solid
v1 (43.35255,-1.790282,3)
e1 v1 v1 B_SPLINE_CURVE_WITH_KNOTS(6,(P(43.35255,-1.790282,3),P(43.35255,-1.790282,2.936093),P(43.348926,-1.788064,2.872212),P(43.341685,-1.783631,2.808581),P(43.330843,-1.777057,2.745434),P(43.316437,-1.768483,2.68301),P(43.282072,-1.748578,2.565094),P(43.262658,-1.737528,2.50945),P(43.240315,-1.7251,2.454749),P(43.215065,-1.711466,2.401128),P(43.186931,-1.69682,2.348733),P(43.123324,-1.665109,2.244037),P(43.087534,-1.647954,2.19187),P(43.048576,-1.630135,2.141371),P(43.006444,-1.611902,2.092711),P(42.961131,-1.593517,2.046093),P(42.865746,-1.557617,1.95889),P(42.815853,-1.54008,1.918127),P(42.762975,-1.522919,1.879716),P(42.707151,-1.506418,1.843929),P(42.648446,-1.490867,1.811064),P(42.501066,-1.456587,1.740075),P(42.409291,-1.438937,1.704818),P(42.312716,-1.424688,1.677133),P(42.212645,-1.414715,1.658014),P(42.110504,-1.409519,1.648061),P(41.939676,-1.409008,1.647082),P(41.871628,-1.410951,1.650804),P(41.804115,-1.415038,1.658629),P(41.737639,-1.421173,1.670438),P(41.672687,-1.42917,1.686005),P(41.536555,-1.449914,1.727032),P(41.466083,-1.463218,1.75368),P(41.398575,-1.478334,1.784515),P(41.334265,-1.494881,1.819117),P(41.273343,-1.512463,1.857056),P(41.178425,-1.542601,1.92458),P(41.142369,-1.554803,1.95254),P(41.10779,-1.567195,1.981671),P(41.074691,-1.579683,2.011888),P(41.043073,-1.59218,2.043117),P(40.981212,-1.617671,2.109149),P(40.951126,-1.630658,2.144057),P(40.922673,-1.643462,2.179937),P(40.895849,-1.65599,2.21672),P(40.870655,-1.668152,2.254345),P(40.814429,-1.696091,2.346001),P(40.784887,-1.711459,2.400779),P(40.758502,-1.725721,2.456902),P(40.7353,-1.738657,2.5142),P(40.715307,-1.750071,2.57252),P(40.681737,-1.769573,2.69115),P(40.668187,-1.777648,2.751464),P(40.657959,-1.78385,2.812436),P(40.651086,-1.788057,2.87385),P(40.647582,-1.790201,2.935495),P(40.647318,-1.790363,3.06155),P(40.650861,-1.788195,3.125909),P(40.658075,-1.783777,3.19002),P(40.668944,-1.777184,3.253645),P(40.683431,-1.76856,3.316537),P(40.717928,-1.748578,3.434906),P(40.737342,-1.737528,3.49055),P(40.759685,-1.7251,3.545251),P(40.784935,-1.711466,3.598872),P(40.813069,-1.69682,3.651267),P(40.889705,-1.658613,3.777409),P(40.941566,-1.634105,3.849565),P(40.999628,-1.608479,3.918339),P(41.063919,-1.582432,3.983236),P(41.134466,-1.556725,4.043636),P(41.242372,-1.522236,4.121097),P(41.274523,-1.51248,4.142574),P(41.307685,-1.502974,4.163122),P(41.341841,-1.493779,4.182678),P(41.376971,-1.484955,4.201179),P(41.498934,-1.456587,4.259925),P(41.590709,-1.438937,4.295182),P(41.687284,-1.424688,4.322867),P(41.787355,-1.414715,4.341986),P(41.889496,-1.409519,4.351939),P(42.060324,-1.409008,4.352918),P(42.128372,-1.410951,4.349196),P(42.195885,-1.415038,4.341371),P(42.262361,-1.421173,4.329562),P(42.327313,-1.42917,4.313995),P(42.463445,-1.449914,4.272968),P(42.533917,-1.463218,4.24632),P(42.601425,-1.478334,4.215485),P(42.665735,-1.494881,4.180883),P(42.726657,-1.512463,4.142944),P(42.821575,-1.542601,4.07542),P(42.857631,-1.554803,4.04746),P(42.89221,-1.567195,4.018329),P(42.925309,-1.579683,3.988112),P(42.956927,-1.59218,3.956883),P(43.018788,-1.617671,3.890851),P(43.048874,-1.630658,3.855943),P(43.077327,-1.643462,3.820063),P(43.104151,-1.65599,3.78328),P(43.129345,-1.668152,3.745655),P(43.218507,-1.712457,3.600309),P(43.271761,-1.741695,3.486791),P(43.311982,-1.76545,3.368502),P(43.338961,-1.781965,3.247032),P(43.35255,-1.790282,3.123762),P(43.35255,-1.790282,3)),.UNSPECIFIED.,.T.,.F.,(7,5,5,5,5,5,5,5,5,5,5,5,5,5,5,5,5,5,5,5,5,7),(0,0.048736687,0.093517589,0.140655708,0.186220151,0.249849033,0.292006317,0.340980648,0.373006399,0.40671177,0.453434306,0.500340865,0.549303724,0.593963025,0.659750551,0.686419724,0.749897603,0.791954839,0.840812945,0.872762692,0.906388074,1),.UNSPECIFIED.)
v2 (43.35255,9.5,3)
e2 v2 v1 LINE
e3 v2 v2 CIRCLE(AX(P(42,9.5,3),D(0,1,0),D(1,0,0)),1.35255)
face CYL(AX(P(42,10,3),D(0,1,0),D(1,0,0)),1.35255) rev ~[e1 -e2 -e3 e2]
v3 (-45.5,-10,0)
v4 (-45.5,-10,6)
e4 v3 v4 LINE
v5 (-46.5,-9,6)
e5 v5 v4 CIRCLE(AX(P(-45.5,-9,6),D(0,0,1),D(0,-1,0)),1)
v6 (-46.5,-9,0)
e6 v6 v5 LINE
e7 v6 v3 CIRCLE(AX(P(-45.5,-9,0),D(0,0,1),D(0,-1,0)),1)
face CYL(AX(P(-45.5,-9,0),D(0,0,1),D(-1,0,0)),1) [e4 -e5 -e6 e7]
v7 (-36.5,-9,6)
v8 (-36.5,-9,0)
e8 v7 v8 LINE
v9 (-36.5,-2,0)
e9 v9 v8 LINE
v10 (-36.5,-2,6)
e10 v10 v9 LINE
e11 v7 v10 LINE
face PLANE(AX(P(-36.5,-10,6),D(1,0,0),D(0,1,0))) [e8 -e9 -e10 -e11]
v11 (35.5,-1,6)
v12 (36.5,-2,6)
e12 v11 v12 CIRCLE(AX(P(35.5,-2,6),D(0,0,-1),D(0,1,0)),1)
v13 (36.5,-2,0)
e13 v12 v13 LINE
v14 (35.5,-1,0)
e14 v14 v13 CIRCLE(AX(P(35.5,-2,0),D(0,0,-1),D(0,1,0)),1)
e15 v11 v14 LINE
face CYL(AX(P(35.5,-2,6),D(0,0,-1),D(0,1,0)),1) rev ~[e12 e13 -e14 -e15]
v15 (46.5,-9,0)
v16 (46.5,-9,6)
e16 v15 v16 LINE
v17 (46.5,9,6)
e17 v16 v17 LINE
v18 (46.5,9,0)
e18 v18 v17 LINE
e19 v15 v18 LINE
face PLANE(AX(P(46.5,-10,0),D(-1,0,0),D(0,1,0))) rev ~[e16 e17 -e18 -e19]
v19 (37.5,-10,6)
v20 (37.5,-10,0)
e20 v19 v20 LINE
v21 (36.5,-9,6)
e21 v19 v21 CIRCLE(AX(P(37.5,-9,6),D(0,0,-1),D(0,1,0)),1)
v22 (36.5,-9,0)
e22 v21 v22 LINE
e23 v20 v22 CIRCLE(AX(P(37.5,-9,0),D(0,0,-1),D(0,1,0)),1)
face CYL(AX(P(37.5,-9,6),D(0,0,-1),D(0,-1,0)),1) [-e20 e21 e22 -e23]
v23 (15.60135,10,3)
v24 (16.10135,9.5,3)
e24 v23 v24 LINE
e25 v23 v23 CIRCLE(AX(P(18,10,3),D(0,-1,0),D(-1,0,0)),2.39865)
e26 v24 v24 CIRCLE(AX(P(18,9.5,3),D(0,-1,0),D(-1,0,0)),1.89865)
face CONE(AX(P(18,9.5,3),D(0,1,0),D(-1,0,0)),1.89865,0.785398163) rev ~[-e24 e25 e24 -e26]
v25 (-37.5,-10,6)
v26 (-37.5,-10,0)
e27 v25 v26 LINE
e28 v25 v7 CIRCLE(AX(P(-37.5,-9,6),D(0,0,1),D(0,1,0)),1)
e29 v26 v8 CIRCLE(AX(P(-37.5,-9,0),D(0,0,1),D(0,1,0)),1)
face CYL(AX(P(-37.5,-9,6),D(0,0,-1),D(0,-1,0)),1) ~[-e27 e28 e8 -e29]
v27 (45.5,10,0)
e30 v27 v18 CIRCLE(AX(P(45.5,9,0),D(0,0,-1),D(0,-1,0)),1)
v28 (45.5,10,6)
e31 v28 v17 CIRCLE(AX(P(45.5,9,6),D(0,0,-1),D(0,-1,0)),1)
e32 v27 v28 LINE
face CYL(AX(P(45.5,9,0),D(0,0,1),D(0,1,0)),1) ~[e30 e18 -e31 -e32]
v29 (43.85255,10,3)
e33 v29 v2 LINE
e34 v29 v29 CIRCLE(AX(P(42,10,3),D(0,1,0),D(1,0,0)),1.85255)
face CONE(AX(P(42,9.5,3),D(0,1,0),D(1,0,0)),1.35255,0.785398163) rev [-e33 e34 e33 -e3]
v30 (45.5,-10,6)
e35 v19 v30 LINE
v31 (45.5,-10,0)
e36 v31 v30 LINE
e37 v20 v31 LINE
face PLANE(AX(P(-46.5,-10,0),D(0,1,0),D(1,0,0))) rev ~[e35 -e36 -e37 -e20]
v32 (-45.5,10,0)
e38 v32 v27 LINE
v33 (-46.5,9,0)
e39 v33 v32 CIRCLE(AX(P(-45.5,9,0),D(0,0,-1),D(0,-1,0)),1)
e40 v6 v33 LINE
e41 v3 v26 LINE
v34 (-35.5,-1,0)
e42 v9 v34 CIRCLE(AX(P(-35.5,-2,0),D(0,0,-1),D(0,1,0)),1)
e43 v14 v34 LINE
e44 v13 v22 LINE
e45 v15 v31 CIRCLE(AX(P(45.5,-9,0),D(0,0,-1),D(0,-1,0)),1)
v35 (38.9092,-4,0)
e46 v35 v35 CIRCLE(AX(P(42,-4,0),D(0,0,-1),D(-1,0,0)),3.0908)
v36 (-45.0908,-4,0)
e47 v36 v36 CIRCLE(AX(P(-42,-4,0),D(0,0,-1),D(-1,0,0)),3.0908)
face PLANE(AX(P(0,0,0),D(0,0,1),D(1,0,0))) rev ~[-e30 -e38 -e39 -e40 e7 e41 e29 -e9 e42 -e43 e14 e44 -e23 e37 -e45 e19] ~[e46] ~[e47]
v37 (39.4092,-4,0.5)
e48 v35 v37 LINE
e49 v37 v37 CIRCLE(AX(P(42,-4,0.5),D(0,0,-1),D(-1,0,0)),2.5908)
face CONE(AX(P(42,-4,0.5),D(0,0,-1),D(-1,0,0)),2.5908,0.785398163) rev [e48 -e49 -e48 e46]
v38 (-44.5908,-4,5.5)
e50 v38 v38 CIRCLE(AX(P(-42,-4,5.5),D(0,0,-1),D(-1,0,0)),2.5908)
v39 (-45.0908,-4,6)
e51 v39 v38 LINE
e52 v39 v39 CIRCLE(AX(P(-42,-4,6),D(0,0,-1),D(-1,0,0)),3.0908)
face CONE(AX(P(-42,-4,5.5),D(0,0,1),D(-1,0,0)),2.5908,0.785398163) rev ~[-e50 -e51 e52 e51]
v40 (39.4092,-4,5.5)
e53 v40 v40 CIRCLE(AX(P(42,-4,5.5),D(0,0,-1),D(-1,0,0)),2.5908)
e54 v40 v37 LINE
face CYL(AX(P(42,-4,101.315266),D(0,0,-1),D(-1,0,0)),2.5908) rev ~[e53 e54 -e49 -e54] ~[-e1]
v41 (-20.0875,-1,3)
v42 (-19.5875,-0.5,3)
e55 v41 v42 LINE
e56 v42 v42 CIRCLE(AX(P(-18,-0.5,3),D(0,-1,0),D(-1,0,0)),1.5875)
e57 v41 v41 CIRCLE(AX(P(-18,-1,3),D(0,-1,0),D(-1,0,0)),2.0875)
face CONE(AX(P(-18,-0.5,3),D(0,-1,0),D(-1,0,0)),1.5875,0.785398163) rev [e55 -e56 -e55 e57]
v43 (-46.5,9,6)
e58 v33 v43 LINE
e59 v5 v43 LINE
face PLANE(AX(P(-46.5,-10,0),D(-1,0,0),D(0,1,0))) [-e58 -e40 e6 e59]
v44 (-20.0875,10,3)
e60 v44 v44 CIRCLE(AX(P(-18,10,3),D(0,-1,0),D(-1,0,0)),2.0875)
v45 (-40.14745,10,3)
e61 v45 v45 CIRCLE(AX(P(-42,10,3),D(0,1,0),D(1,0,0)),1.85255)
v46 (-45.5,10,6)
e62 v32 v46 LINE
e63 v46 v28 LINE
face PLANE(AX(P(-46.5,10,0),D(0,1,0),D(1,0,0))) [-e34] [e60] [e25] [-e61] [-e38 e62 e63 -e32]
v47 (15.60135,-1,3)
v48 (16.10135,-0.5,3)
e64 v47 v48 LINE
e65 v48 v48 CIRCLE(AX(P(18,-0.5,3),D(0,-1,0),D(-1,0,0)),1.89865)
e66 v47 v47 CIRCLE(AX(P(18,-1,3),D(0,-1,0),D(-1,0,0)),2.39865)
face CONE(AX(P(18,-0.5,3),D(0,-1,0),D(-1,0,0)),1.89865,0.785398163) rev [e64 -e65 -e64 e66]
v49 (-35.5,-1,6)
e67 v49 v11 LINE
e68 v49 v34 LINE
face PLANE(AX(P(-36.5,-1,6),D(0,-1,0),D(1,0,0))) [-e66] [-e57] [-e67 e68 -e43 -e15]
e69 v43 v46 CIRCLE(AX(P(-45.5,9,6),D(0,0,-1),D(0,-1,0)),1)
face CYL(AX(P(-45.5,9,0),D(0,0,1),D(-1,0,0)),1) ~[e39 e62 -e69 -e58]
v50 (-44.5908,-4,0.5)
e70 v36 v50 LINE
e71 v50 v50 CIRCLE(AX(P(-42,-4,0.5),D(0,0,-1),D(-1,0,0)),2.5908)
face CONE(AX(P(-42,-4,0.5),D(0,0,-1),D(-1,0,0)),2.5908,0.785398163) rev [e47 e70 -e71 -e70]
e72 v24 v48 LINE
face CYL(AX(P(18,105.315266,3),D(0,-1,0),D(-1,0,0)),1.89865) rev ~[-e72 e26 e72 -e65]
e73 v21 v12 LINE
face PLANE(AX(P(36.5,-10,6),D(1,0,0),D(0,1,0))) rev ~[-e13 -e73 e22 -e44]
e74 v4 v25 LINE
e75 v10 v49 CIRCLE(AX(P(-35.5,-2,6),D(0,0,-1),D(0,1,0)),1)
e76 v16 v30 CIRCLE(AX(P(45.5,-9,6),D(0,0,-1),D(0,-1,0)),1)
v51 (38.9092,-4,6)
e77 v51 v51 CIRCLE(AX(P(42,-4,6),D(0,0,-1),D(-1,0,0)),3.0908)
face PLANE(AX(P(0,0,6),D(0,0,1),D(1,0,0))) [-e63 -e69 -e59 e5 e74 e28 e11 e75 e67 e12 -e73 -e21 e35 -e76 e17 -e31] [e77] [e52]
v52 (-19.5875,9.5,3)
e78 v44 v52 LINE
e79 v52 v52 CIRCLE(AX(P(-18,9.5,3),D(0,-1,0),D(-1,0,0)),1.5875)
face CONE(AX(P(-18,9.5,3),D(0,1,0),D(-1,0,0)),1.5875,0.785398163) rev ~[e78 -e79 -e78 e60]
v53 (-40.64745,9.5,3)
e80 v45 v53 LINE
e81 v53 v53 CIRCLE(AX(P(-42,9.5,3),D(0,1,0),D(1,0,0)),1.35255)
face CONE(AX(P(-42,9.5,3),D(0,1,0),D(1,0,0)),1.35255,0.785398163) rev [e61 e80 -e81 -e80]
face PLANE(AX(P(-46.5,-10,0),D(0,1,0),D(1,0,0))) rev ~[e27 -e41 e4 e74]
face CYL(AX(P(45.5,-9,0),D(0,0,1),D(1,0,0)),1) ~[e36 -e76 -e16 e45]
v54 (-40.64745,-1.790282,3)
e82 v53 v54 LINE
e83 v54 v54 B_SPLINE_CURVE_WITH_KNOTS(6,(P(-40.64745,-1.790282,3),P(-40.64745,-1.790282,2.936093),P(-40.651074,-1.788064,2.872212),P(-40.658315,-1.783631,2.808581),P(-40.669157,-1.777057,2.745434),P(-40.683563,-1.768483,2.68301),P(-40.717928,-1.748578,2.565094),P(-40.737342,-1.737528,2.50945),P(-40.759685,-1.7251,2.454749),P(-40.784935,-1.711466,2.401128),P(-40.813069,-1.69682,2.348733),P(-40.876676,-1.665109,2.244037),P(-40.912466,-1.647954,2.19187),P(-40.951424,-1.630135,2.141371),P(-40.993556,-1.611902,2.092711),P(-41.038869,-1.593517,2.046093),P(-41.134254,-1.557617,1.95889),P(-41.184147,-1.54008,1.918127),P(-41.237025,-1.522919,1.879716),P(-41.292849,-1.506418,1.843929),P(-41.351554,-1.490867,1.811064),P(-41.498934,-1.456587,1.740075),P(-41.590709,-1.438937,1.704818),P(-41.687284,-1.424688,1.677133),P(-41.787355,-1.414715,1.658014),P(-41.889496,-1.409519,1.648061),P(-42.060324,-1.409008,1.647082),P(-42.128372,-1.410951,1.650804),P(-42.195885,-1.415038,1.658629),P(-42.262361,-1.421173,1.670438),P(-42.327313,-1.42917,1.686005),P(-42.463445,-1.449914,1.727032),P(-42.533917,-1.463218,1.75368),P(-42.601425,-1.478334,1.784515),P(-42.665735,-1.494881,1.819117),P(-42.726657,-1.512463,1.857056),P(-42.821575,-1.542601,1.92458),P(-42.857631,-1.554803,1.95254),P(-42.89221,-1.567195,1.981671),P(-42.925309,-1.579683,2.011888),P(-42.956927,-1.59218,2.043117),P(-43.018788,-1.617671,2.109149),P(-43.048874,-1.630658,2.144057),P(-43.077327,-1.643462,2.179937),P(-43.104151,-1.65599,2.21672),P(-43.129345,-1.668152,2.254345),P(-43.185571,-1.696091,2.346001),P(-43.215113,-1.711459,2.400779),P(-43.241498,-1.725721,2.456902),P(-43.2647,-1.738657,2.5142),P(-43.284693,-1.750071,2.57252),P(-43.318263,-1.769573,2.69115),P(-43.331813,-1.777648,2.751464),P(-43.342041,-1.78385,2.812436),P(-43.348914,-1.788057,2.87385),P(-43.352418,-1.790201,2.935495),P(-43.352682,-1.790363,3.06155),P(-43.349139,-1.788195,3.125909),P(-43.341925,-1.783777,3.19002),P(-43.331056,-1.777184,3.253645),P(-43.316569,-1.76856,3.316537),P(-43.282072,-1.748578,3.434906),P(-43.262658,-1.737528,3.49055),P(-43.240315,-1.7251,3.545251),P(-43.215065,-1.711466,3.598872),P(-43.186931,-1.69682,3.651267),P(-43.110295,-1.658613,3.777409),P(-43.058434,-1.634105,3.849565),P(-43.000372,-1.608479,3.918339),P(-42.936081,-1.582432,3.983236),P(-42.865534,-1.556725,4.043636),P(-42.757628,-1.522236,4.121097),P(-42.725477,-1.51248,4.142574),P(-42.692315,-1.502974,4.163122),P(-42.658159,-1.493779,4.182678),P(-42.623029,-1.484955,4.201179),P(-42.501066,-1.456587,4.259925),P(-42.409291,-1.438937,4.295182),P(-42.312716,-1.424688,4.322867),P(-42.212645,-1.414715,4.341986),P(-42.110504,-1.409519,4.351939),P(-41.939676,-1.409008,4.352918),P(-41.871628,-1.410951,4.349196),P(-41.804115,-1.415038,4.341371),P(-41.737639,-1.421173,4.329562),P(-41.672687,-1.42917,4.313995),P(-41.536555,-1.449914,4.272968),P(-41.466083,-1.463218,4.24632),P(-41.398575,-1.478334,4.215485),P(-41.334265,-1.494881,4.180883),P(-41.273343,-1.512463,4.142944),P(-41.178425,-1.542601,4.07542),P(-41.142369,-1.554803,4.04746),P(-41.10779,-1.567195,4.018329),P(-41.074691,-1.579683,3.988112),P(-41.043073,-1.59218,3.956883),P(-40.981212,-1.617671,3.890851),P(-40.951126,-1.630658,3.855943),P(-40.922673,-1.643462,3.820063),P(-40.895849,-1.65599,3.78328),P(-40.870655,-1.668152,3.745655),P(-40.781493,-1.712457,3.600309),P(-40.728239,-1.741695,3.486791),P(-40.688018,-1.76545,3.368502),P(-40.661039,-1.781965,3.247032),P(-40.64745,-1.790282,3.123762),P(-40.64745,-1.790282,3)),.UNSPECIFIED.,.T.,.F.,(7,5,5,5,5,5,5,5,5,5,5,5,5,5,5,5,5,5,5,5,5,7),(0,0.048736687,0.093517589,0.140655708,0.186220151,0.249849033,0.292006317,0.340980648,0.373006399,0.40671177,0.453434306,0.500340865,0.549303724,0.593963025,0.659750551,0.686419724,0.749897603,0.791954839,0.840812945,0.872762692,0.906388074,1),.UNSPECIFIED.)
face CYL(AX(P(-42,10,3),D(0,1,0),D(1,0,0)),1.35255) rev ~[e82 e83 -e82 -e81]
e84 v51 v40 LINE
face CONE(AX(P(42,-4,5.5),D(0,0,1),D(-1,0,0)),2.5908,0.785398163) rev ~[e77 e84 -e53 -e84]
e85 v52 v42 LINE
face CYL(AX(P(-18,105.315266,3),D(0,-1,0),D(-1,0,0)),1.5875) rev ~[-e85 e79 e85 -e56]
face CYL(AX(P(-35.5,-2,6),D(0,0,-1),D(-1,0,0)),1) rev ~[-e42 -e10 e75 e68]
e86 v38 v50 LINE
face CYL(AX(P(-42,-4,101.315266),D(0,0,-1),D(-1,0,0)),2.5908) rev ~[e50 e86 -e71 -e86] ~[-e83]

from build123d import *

# Parameters (mm, degrees)
SKETCH1_W                    = 93
SKETCH1_H                    = 20
BOSS_EXTRUDE1_DEPTH          = 6
CUT_EXTRUDE1_REACH           = 49.94
SKETCH2_W                    = 73
SKETCH2_H                    = 9
F_6_0_204_DIAMETER_HOLE1_D   = 5.1816
F_6_CLEARANCE_HOLE1_D        = 3.7973
F_6_32_TAPPED_HOLE1_REACH    = 52.973
F_6_32_TAPPED_HOLE1_BORE_R   = 1.35255
F_1_8_0_125_DIAMETER_HOLE1_D = 3.175
FILLET1_R                    = 1
CHAMFER1_SIZE                = 0.5


with BuildPart() as part:
    # Sketch1 → Boss-Extrude1 (new body)
    with BuildSketch(Plane.XY):
        Rectangle(SKETCH1_W, SKETCH1_H)
    extrude(amount=BOSS_EXTRUDE1_DEPTH)

    # Sketch2 → Cut-Extrude1 (cut, up to next)
    with BuildSketch(Plane.XY.offset(6), mode=Mode.PRIVATE) as cut_extrude1_sk1:
        with Locations((0, -5.5)):
            Rectangle(SKETCH2_W, SKETCH2_H)
    cut_extrude1_tool1 = extrude(cut_extrude1_sk1.sketch, amount=-CUT_EXTRUDE1_REACH, mode=Mode.PRIVATE) & part.part
    add(cut_extrude1_tool1.solids().sort_by_distance((0, -5.5, 6))[0], mode=Mode.SUBTRACT)

    # #6 (0.204) Diameter Hole1 (through all)
    with Locations(Plane.XY.offset(6)):
        with Locations((42, -4), (-42, -4)):
            Hole(F_6_0_204_DIAMETER_HOLE1_D / 2)

    # #6 Clearance Hole1 (through all)
    with Locations(Plane(origin=(0, 10, 0), x_dir=(1, 0, 0), z_dir=(0, 1, 0))):
        with Locations((18, -3)):
            Hole(F_6_CLEARANCE_HOLE1_D / 2)

    # #6-32 Tapped Hole1 bore → #6-32 Tapped Hole1 (cut, up to next)
    with BuildSketch(Plane(origin=(0, 10, 0), x_dir=(1, 0, 0), z_dir=(0, 1, 0)), mode=Mode.PRIVATE) as f_6_32_tapped_hole1_sk1:
        with Locations((-42, -3)):
            Circle(F_6_32_TAPPED_HOLE1_BORE_R)
    f_6_32_tapped_hole1_tool1 = extrude(f_6_32_tapped_hole1_sk1.sketch, amount=-F_6_32_TAPPED_HOLE1_REACH, mode=Mode.PRIVATE) & part.part
    # #6-32 Tapped Hole1 bore → #6-32 Tapped Hole1 (cut, up to next)
    with BuildSketch(Plane(origin=(0, 10, 0), x_dir=(1, 0, 0), z_dir=(0, 1, 0)), mode=Mode.PRIVATE) as f_6_32_tapped_hole1_sk2:
        with Locations((42, -3)):
            Circle(F_6_32_TAPPED_HOLE1_BORE_R)
    f_6_32_tapped_hole1_tool2 = extrude(f_6_32_tapped_hole1_sk2.sketch, amount=-F_6_32_TAPPED_HOLE1_REACH, mode=Mode.PRIVATE) & part.part
    add(f_6_32_tapped_hole1_tool1.solids().sort_by_distance((-42, 10, 3))[0], mode=Mode.SUBTRACT)
    add(f_6_32_tapped_hole1_tool2.solids().sort_by_distance((42, 10, 3))[0], mode=Mode.SUBTRACT)

    # 1/8 (0.125) Diameter Hole1 (through all)
    with Locations(Plane(origin=(0, 10, 0), x_dir=(1, 0, 0), z_dir=(0, 1, 0))):
        with Locations((-18, -3)):
            Hole(F_1_8_0_125_DIAMETER_HOLE1_D / 2)

    # Fillet1
    fillet1_edges = [part.edges().sort_by_distance(p)[0] for p in [
        (-36.5, -10, 3),
        (-36.5, -1, 3),
        (36.5, -1, 3),
        (36.5, -10, 3),
        (46.5, -10, 3),
        (-46.5, -10, 3),
        (-46.5, 10, 3),
        (46.5, 10, 3),
    ]]
    fillet(fillet1_edges, radius=FILLET1_R)

    # Chamfer1
    chamfer1_edges = [part.edges().sort_by_distance(p)[0] for p in [
        (44.5908, -4, 6),
        (44.5908, -4, 0),
        (-39.4092, -4, 6),
        (-39.4092, -4, 0),
        (19.89865, 10, 3),
        (19.89865, -1, 3),
        (40.64745, 10, 3),
        (-43.35255, 10, 3),
        (-16.4125, 10, 3),
        (-16.4125, -1, 3),
    ]]
    chamfer(chamfer1_edges, length=CHAMFER1_SIZE)


solid = part.part
